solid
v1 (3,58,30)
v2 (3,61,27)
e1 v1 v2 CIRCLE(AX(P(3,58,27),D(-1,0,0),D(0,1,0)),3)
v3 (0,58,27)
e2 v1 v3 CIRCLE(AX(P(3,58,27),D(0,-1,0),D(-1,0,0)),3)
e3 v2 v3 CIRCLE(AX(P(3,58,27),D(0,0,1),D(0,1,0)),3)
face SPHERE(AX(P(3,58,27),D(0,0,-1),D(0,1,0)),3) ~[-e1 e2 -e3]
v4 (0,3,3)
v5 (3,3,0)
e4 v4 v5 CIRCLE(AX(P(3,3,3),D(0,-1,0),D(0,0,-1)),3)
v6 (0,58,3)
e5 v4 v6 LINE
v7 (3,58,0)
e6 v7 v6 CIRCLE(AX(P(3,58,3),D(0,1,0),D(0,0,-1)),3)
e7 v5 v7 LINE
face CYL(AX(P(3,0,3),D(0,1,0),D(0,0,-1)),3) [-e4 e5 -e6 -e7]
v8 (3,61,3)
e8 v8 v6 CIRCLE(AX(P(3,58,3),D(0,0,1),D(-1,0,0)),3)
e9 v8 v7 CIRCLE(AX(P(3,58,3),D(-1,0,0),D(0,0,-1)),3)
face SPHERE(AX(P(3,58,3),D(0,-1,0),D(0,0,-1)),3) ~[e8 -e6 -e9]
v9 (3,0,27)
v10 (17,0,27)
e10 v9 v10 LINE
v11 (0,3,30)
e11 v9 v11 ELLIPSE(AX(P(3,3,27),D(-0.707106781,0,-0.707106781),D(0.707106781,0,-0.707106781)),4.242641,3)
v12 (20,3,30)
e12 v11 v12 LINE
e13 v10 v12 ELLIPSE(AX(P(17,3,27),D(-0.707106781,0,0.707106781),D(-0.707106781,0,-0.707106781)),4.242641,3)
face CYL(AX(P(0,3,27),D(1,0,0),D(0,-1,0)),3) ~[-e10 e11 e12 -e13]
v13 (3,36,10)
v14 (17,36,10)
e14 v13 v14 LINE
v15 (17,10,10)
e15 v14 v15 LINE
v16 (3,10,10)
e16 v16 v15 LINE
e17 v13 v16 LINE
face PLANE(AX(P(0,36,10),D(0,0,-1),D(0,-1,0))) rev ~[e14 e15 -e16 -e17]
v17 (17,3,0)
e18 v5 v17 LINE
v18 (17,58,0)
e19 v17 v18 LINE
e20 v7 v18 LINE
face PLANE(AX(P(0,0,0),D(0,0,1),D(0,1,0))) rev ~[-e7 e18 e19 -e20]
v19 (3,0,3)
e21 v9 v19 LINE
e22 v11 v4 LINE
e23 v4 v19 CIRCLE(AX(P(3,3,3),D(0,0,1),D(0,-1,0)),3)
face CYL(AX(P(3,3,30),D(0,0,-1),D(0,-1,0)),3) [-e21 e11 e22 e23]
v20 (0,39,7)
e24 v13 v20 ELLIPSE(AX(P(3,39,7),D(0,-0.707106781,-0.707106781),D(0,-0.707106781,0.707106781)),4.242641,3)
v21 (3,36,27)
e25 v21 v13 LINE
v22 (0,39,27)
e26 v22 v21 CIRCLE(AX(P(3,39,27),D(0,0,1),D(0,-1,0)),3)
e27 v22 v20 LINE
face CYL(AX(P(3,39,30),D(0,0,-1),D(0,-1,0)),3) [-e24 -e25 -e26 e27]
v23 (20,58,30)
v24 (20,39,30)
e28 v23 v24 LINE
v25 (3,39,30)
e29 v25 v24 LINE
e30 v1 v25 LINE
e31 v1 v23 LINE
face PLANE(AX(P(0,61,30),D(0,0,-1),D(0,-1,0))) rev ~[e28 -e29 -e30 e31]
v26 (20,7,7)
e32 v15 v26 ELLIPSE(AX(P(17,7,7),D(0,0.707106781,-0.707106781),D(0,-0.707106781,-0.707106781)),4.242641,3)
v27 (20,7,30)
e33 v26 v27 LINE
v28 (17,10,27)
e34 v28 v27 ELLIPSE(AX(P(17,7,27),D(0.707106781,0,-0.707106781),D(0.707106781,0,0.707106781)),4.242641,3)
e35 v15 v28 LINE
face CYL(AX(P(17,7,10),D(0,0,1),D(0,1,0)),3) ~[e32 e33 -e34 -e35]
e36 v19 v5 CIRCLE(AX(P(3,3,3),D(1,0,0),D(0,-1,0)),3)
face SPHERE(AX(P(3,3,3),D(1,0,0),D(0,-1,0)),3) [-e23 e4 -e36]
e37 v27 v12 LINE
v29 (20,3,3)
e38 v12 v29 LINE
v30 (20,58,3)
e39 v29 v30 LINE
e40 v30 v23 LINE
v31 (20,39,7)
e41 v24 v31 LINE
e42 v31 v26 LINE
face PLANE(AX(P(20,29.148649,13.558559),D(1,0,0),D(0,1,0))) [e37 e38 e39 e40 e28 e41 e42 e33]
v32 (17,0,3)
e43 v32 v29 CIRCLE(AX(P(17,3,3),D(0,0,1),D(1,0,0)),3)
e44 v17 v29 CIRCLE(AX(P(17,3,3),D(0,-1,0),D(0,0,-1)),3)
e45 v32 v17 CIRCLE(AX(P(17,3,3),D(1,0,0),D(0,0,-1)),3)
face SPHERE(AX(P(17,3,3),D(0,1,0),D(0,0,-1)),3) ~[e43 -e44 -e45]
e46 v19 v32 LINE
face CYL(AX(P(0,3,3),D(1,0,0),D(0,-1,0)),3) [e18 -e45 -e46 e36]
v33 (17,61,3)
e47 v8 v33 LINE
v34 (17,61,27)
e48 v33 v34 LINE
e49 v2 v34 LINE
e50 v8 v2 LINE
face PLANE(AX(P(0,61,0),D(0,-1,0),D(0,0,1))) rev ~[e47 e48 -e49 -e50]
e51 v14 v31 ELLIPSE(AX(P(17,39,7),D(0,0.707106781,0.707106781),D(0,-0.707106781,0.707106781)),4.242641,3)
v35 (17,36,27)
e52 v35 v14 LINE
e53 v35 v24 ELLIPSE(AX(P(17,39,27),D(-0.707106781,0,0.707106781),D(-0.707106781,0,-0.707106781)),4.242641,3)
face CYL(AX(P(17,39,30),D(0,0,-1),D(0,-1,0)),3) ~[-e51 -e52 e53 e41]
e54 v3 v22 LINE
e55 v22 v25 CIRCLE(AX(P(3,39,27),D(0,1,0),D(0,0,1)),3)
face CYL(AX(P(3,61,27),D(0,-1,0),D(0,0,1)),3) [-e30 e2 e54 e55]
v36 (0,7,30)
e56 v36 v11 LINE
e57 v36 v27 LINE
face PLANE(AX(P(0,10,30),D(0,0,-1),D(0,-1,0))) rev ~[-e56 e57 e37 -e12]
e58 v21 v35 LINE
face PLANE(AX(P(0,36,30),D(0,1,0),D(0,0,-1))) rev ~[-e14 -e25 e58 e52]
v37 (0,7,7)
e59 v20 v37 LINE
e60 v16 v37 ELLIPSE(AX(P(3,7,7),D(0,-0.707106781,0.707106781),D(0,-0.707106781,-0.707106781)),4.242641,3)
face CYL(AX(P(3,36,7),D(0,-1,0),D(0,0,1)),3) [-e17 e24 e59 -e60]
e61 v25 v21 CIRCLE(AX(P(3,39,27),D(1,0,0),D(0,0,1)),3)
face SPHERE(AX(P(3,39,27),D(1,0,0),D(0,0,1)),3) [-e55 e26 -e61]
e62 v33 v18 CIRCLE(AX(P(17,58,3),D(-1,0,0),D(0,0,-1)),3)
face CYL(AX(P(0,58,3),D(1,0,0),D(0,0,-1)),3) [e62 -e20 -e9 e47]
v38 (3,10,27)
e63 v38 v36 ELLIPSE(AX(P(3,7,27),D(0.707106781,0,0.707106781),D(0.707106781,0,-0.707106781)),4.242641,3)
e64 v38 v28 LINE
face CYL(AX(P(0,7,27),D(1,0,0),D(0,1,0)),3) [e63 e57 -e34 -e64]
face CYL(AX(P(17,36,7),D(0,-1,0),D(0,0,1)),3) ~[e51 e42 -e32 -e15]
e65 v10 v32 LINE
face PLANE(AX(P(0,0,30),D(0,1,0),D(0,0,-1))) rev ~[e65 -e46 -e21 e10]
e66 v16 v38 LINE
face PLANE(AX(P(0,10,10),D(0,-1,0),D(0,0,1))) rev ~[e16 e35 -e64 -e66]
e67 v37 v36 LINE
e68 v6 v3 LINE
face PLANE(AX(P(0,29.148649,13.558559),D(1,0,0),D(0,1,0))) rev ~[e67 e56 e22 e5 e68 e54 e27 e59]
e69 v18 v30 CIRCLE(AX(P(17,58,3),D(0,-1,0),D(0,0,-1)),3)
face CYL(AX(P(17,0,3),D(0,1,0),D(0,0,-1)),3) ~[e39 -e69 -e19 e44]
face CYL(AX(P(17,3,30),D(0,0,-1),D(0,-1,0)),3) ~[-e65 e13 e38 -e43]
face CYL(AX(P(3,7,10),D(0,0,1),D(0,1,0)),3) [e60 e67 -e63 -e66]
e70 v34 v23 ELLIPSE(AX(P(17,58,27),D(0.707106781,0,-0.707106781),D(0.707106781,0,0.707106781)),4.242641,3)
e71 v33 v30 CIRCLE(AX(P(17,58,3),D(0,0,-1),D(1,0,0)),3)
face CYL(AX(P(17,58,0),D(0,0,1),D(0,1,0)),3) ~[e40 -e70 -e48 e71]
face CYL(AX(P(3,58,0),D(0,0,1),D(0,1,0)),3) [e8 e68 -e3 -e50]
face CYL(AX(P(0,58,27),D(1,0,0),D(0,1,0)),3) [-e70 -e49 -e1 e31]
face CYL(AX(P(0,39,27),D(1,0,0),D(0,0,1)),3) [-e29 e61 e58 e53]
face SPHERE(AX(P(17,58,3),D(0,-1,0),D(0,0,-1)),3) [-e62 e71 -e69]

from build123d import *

# Parameters (mm, degrees)
F1_DEPTH = 20
F2_R     = 3


with BuildPart() as f1:
    # F0 (on Right) → F1 (new body)
    with BuildSketch(Plane.YZ):
        Polygon((0, 30), (0, 0), (61, 0), (61, 30), (36, 30), (36, 10), (10, 10), (10, 30), align=None)
    extrude(amount=F1_DEPTH)

    # F2
    f2_edges = [f1.edges().sort_by_distance(p)[0] for p in [
        (20, 30.5, 0),
        (10, 0, 0),
        (20, 0, 15),
        (0, 0, 15),
        (0, 30.5, 0),
        (10, 0, 30),
        (10, 61, 0),
        (0, 61, 15),
        (20, 61, 15),
        (10, 61, 30),
        (20, 23, 10),
        (20, 36, 20),
        (20, 10, 20),
        (10, 10, 30),
        (10, 36, 30),
        (0, 48.5, 30),
        (0, 23, 10),
        (0, 36, 20),
        (0, 10, 20),
    ]]
    fillet(f2_edges, radius=F2_R)


solid = f1.part
